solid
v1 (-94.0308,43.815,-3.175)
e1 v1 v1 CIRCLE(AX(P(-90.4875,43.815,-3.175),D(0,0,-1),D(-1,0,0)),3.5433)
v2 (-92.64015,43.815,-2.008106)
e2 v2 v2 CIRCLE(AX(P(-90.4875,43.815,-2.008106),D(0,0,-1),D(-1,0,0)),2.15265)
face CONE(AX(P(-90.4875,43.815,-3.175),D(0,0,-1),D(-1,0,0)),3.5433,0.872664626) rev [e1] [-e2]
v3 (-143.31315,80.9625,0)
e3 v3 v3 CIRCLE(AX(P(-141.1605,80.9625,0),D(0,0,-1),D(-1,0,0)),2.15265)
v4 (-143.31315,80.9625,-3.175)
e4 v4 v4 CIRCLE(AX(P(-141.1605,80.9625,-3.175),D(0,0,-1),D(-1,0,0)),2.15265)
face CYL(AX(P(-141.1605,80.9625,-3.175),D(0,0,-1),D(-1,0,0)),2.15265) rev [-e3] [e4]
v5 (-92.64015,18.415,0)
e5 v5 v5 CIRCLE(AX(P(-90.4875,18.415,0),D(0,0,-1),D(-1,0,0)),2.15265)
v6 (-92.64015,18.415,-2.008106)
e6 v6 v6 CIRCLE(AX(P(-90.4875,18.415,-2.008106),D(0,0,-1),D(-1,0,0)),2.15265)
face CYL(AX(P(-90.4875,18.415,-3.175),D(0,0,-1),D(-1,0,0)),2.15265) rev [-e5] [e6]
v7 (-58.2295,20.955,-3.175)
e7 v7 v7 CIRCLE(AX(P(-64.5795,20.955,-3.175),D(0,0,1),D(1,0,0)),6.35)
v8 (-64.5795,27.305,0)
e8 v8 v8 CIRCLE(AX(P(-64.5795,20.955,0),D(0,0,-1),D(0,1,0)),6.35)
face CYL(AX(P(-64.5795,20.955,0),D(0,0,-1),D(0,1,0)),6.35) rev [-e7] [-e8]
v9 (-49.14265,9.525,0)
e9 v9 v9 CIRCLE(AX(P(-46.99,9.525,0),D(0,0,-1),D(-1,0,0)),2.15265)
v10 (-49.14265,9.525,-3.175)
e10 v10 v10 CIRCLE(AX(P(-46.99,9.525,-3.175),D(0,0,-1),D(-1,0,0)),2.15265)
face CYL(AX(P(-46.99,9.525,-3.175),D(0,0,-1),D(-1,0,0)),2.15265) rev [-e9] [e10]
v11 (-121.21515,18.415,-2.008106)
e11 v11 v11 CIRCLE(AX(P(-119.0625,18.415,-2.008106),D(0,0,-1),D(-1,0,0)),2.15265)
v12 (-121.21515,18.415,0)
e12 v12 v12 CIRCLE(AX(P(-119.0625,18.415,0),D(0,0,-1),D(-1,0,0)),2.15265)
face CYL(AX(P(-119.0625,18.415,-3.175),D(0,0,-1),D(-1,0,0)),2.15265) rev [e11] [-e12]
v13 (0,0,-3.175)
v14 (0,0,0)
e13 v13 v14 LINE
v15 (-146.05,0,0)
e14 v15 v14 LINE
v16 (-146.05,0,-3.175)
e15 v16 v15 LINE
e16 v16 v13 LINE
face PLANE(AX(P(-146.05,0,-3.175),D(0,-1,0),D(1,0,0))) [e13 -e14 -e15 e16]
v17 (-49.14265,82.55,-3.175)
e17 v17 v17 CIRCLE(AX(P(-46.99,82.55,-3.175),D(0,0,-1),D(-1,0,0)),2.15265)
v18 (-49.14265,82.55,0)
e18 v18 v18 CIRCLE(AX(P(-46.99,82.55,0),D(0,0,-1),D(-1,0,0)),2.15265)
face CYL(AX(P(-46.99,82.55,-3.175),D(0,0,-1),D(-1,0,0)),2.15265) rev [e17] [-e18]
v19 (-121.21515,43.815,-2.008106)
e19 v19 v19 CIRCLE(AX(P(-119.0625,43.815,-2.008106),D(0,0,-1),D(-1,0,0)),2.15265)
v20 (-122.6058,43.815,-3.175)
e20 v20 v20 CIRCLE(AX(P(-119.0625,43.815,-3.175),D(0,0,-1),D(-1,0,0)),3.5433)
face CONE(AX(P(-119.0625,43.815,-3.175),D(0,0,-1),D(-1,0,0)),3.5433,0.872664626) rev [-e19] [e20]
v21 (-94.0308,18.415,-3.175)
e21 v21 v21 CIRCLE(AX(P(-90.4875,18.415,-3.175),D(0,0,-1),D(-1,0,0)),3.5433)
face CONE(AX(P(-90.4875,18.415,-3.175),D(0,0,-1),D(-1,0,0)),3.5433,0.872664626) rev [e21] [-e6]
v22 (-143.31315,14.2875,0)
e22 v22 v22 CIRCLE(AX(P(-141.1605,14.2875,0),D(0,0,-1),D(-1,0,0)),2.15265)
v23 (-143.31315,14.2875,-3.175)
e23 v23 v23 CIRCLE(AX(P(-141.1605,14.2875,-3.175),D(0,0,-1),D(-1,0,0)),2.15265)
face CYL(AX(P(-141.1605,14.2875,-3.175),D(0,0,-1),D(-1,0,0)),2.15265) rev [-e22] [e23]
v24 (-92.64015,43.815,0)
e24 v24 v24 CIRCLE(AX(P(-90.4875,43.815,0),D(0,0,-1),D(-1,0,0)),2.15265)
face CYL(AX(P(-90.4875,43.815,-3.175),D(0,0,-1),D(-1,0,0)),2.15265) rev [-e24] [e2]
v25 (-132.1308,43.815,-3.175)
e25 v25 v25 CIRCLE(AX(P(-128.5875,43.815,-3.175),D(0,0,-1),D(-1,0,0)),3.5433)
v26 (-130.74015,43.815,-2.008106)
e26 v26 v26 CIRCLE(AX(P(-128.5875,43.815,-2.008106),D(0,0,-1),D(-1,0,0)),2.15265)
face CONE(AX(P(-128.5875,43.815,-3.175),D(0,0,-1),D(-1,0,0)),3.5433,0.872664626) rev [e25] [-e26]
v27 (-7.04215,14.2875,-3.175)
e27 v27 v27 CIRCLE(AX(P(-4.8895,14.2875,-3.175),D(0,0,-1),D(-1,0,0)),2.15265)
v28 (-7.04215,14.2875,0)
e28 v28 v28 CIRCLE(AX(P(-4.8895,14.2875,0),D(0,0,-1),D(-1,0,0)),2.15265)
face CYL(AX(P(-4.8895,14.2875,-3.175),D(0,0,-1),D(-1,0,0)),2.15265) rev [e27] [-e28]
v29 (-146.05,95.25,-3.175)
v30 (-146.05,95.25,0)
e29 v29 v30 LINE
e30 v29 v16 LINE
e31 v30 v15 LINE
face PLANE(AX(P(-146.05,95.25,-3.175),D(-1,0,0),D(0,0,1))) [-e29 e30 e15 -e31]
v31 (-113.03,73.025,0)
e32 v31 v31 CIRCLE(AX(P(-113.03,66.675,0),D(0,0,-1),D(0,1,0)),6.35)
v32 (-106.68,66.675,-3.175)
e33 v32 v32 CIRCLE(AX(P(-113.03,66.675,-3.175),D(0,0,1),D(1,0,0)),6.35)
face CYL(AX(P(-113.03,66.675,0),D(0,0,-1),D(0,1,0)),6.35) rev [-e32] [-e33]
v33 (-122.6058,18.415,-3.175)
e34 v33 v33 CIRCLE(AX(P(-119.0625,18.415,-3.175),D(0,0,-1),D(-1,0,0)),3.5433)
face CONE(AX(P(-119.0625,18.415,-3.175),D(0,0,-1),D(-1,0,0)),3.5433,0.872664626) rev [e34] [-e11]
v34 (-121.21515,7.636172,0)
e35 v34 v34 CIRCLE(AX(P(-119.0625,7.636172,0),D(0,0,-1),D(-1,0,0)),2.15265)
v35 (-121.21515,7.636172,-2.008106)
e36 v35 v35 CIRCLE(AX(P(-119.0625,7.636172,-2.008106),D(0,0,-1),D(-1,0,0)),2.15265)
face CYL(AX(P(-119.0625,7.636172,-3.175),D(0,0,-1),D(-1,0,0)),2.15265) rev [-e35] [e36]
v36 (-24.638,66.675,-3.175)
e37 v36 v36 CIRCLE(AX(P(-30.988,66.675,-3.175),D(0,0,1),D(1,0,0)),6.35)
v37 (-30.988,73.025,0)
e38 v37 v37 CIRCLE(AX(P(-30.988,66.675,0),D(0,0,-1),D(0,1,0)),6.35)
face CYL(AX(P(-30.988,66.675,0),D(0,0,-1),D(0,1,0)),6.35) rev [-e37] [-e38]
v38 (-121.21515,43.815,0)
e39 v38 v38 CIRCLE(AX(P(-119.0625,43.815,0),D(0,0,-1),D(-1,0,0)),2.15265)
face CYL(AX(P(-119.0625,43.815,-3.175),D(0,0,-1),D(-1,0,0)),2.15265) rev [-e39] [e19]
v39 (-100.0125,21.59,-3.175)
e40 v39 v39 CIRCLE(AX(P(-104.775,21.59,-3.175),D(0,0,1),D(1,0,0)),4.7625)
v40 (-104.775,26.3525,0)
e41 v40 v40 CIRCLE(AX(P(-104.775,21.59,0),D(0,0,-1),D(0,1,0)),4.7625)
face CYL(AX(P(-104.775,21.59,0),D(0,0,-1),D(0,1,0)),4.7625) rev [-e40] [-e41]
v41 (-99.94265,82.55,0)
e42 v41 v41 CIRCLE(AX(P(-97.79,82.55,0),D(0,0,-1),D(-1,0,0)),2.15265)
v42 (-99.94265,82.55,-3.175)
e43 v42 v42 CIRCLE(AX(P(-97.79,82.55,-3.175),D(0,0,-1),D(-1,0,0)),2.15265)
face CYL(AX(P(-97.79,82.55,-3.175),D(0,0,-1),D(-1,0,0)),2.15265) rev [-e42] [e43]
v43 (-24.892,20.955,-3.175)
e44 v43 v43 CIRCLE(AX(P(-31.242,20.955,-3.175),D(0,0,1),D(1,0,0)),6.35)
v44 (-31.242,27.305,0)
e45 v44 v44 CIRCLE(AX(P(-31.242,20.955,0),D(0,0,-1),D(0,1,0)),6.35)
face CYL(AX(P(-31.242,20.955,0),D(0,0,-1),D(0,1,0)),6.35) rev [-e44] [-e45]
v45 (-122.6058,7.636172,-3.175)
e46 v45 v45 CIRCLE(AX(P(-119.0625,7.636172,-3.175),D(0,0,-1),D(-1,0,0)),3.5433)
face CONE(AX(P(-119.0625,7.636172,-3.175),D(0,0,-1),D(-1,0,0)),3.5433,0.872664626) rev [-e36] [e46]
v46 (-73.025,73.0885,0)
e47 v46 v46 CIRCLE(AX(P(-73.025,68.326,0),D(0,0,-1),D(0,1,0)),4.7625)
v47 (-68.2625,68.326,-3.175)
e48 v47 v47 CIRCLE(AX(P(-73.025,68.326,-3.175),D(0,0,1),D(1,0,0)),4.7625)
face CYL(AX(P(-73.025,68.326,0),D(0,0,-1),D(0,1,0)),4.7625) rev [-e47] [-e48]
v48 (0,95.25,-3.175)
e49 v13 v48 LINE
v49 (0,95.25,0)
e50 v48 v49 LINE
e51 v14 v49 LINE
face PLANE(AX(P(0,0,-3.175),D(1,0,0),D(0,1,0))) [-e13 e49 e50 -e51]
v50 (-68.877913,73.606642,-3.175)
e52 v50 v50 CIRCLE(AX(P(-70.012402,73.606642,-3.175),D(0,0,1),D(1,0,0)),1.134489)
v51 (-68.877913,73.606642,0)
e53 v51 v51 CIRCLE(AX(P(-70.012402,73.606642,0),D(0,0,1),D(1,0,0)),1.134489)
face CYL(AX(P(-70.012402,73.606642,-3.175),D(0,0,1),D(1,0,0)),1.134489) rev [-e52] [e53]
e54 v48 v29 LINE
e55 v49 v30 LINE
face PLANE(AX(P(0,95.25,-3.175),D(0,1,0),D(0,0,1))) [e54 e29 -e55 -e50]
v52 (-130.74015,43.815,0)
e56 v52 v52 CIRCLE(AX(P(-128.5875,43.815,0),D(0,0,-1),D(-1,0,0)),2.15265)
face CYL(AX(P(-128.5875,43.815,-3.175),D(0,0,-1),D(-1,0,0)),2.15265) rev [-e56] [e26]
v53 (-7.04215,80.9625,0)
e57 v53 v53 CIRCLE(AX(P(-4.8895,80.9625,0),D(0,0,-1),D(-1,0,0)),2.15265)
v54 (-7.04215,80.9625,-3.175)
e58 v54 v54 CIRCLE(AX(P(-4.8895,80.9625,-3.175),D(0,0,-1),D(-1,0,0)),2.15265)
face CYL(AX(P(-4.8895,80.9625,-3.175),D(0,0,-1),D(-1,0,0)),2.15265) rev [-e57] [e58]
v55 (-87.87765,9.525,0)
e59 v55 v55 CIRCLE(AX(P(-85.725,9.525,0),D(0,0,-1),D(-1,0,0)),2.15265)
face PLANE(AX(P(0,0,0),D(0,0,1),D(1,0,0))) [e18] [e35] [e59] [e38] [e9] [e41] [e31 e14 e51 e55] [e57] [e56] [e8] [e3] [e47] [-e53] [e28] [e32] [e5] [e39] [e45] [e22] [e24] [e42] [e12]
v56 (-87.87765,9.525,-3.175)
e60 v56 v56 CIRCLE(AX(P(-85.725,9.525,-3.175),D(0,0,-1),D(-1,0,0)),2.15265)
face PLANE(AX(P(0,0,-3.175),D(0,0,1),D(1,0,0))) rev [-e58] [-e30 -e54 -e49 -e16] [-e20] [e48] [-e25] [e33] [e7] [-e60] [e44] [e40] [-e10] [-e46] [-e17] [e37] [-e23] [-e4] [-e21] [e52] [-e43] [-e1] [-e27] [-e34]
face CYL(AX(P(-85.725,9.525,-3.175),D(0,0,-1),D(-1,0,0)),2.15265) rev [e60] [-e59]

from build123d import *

# Parameters (mm, degrees)
SKETCH1_W                                         = 146.05
SKETCH1_H                                         = 95.25
BOSS_EXTRUDE1_DEPTH                               = 3.175
F_6_CLEARANCE_HOLE1_D                             = 4.3053
SKETCH5_R                                         = 6.35
SKETCH5_R_2                                       = 4.7625
CUT_EXTRUDE1_DEPTH                                = 8.4676
CSK_FOR_6_FLAT_HEAD_MACHINE_SCREW_100_D           = 4.3053
CSK_FOR_6_FLAT_HEAD_MACHINE_SCREW_100_CSINK_D     = 7.0866
CSK_FOR_6_FLAT_HEAD_MACHINE_SCREW_100_CSINK_ANGLE = 100
SKETCH8_R                                         = 1.134488875
CUT_EXTRUDE2_DEPTH                                = 4.175


with BuildPart() as part:
    # Sketch1 → Boss-Extrude1 (new body)
    with BuildSketch(Plane.XY):
        with Locations((-73.025, 47.625)):
            Rectangle(SKETCH1_W, SKETCH1_H)
    extrude(amount=-BOSS_EXTRUDE1_DEPTH)

    # #6 Clearance Hole1 (through all)
    with Locations(Plane(origin=(0, 0, -3.175), x_dir=(-1, 0, 0), z_dir=(0, 0, -1))):
        with Locations((4.8895, 80.9625), (141.1605, 80.9625), (141.1605, 14.2875), (4.8895, 14.2875), (46.99, 9.525), (85.725, 9.525), (97.79, 82.55), (46.99, 82.55)):
            Hole(F_6_CLEARANCE_HOLE1_D / 2)

    # Sketch5 → Cut-Extrude1 (cut, through all)
    with BuildSketch(Plane(origin=(0, 0, -7.4676), x_dir=(-1, 0, 0), z_dir=(0, 0, -1))):
        with Locations((30.988, 66.675)):
            Circle(SKETCH5_R)
        with Locations((113.03, 66.675)):
            Circle(SKETCH5_R)
        with Locations((64.5795, 20.955)):
            Circle(SKETCH5_R)
        with Locations((31.242, 20.955)):
            Circle(SKETCH5_R)
        with Locations((73.025, 68.326)):
            Circle(SKETCH5_R_2)
        with Locations((104.775, 21.59)):
            Circle(SKETCH5_R_2)
    extrude(amount=-CUT_EXTRUDE1_DEPTH, mode=Mode.SUBTRACT)

    # CSK for #6 Flat Head Machine Screw (100)1 (through all)
    with Locations(Plane(origin=(0, 0, -3.175), x_dir=(-1, 0, 0), z_dir=(0, 0, -1))):
        with Locations((90.4875, 43.815), (90.4875, 18.415), (119.0625, 7.636172046), (119.0625, 18.415), (119.0625, 43.815), (128.5875, 43.815)):
            CounterSinkHole(CSK_FOR_6_FLAT_HEAD_MACHINE_SCREW_100_D / 2, CSK_FOR_6_FLAT_HEAD_MACHINE_SCREW_100_CSINK_D / 2, counter_sink_angle=CSK_FOR_6_FLAT_HEAD_MACHINE_SCREW_100_CSINK_ANGLE)

    # Sketch8 → Cut-Extrude2 (cut, through all)
    with BuildSketch(Plane.XY):
        with Locations((-70.012401844, 73.606641948)):
            Circle(SKETCH8_R)
    extrude(amount=-CUT_EXTRUDE2_DEPTH, mode=Mode.SUBTRACT)


solid = part.part
